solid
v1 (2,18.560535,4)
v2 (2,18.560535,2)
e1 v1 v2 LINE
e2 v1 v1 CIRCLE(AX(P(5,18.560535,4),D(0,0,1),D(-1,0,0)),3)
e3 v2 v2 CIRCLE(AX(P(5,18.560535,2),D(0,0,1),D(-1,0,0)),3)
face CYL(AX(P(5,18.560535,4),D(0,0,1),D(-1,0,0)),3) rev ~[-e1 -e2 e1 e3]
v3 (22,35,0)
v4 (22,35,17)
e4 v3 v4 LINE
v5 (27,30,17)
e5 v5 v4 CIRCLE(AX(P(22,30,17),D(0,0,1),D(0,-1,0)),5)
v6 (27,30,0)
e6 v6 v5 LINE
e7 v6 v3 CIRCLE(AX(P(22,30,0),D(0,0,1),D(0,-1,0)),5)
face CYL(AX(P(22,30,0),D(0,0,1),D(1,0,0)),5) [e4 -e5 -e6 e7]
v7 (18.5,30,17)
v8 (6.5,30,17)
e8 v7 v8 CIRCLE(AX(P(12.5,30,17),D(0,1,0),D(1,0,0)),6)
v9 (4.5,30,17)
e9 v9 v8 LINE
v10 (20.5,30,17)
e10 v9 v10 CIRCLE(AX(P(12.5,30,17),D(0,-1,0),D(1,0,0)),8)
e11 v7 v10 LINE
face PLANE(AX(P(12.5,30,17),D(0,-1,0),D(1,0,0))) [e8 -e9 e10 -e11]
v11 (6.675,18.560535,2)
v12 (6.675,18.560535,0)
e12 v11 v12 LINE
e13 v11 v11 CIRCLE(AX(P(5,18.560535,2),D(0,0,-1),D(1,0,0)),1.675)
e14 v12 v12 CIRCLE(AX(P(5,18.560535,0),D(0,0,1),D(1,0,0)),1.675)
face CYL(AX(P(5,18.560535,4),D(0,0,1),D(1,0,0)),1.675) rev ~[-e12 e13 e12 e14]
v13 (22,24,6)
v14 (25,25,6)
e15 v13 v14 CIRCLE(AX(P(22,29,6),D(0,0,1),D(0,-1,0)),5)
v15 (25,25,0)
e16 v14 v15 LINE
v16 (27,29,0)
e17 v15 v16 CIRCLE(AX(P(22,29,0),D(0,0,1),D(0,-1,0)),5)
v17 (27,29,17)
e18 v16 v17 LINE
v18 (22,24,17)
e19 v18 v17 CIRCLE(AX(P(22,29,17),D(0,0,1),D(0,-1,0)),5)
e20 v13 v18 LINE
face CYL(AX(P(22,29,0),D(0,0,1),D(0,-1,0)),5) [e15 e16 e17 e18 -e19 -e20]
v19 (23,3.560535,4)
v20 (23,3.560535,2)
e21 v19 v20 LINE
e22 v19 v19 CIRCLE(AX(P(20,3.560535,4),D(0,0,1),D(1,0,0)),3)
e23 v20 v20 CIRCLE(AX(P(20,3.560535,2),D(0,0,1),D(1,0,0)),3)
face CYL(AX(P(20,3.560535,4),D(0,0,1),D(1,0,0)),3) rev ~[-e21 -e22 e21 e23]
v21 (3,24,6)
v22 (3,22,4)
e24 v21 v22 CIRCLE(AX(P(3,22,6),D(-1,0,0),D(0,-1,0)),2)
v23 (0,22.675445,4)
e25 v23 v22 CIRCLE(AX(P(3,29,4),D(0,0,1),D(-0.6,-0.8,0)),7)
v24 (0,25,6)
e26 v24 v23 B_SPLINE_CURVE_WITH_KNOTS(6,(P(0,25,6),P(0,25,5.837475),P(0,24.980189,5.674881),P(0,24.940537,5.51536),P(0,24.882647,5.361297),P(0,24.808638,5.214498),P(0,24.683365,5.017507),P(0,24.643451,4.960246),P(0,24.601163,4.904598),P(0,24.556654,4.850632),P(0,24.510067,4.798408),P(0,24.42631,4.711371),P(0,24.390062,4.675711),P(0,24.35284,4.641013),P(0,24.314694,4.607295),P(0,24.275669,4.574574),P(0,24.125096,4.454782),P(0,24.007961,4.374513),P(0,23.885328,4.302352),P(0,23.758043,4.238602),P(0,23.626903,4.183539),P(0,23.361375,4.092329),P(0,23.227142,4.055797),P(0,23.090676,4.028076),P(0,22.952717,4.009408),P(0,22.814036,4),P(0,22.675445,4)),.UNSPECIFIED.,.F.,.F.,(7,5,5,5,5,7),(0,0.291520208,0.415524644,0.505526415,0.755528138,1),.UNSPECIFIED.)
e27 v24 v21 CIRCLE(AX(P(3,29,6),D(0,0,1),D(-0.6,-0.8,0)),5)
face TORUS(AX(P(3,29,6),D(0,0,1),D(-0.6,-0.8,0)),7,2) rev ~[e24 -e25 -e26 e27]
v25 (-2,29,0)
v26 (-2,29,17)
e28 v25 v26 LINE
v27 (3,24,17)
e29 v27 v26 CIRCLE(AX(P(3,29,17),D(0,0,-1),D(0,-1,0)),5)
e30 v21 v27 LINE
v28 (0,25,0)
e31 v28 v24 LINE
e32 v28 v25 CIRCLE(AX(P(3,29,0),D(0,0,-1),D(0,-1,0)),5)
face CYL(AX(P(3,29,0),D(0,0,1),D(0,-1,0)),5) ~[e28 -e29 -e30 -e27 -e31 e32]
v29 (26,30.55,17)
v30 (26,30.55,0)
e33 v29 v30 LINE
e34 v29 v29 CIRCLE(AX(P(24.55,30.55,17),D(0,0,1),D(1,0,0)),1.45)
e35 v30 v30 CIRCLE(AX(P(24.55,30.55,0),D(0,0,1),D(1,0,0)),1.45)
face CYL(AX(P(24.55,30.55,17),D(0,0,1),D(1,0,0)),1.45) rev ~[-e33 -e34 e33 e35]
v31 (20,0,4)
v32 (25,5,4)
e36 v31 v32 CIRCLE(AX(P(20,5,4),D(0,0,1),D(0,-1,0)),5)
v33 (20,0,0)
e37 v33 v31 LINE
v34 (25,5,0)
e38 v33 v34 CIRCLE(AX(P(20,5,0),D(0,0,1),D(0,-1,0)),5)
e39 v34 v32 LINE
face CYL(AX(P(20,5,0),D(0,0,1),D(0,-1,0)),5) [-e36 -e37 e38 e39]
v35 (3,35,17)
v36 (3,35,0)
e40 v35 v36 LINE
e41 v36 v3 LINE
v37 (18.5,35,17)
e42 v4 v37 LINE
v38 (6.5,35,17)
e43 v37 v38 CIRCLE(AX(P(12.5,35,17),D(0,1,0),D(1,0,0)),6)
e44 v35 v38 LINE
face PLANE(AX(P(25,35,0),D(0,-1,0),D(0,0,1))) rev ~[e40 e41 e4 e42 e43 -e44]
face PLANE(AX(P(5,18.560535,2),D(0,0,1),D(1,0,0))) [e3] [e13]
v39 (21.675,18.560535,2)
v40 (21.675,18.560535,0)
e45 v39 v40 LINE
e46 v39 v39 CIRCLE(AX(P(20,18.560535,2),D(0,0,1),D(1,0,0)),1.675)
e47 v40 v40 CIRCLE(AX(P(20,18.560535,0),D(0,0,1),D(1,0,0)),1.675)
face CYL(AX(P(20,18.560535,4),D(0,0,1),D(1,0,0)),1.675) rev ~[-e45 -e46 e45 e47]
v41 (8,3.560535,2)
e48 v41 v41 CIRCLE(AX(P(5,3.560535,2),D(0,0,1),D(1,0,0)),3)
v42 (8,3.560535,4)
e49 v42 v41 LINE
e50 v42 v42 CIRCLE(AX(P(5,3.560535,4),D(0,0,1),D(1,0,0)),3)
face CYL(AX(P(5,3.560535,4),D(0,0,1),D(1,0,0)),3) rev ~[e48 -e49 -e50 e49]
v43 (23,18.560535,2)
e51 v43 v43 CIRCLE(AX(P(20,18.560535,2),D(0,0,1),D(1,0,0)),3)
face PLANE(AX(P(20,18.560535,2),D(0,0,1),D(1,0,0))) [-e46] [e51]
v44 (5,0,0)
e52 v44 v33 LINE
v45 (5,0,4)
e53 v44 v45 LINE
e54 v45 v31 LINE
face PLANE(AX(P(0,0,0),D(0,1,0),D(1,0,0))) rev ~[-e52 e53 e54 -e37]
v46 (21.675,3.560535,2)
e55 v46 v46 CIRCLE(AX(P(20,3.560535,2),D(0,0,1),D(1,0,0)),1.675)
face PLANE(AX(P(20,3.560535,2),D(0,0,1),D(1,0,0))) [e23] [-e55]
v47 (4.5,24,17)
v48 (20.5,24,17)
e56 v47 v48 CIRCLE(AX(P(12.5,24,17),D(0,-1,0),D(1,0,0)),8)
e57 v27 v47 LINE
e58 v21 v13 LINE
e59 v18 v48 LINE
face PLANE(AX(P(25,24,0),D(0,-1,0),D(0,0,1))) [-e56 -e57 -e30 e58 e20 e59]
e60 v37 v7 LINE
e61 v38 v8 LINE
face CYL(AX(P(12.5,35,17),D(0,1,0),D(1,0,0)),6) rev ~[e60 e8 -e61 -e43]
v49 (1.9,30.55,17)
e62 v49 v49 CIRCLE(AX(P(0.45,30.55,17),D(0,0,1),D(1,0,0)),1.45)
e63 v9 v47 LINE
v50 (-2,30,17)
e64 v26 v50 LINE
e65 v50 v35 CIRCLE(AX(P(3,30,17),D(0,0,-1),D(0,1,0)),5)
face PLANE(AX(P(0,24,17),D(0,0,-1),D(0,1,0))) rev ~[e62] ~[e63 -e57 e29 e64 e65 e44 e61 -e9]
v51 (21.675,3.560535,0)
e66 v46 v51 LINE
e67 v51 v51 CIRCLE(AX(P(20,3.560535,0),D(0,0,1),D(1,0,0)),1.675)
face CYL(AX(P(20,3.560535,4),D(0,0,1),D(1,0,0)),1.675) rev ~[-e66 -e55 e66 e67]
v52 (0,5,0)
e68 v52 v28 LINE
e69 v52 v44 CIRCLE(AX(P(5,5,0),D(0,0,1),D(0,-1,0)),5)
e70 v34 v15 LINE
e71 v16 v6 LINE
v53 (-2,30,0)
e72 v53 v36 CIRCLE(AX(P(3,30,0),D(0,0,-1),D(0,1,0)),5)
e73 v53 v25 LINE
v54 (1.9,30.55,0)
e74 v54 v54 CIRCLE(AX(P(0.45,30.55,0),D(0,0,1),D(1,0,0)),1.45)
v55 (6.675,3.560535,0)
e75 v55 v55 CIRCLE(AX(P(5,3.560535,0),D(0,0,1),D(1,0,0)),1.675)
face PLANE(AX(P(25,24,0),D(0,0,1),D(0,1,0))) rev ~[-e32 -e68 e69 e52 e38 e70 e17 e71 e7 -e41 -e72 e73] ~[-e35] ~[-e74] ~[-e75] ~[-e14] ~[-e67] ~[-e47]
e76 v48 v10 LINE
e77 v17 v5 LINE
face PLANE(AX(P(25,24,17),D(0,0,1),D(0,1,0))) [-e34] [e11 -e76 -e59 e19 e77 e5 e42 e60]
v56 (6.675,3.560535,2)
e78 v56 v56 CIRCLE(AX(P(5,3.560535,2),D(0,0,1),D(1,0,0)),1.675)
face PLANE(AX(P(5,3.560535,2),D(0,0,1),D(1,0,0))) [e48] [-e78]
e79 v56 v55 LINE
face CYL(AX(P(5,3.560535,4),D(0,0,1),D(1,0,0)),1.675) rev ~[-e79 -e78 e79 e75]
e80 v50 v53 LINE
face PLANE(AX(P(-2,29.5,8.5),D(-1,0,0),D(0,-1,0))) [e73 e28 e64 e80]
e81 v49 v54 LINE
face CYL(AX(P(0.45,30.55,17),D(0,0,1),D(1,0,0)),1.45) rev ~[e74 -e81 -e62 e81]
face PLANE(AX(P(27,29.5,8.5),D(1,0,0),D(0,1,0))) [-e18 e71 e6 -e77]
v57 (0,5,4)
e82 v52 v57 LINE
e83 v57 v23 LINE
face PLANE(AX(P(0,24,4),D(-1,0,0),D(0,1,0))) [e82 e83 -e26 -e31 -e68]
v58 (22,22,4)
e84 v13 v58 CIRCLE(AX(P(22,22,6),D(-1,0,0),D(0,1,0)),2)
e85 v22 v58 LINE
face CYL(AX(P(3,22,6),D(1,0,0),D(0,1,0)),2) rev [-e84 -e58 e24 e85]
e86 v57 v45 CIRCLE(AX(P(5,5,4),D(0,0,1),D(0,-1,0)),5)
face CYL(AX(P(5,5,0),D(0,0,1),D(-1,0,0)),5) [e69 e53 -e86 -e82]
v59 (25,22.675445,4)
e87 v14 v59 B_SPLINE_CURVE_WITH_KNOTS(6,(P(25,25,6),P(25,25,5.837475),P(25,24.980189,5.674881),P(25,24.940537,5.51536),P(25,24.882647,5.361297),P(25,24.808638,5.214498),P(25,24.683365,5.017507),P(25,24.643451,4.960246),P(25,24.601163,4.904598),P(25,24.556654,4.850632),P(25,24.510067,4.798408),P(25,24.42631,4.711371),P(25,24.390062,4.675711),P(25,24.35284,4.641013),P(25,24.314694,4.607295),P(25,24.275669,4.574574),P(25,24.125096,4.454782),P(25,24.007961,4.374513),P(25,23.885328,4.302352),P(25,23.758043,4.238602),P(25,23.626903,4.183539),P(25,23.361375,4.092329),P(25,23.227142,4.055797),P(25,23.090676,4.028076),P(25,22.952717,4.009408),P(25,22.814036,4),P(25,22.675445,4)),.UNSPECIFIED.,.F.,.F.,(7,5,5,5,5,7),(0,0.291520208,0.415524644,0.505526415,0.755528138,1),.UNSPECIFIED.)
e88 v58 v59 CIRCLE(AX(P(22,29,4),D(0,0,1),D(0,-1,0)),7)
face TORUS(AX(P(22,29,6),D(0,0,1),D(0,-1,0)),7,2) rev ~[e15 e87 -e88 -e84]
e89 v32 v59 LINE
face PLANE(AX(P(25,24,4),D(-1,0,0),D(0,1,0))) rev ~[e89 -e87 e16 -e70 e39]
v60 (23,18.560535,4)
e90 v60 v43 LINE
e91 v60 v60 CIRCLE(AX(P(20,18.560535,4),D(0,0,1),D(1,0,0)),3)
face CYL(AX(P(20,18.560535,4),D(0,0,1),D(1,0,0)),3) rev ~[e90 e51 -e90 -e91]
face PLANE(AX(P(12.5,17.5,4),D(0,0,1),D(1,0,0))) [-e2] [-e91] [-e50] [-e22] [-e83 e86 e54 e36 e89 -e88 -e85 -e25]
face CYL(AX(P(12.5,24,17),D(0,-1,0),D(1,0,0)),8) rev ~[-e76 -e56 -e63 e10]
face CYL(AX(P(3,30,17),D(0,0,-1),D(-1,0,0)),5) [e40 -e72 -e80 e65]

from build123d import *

# Parameters (mm, degrees)
F0_W      = 25
F0_H      = 35
F1_DEPTH  = 4
F2_R      = 1.675
F3_DEPTH  = 25
F4_W      = 25
F4_H      = 11
F5_DEPTH  = 13
F7_DEPTH  = 6
F8_R      = 8
F9_DEPTH  = 6
F2_R_2    = 3
F10_DEPTH = 2
F11_R     = 5
F13_DEPTH = 2
F14_W     = 11
F14_H     = 17
F15_DEPTH = 2
F16_R     = 1.45
F17_DEPTH = 25
F18_R     = 5
F19_R     = 2


with BuildPart() as f1:
    # F0 (on Top) → F1 (new body)
    with BuildSketch(Plane.XY):
        with Locations((12.5, 17.5)):
            Rectangle(F0_W, F0_H)
    extrude(amount=F1_DEPTH)

    # F2 (on face) → F3 (cut)
    with BuildSketch(Plane.XY.offset(4)):
        with BuildLine():
            ThreePointArc((3.325, 18.5605346784), (5, 16.8855346784), (6.675, 18.5605346784))
            ThreePointArc((6.675, 18.5605346784), (5, 20.2355346784), (3.325, 18.5605346784))
        make_face()
        with Locations((20, 18.5605346784)):
            Circle(F2_R)
        with Locations((20, 3.5605346784)):
            Circle(F2_R)
        with Locations((5, 3.5605346784)):
            Circle(F2_R)
    extrude(amount=-F3_DEPTH, mode=Mode.SUBTRACT)

    # F4 (on face) → F5 (join)
    with BuildSketch(Plane.XY.offset(4)):
        with Locations((12.5, 29.5)):
            Rectangle(F4_W, F4_H)
    extrude(amount=F5_DEPTH)

    # F6 (on face) → F7 (cut)
    with BuildSketch(Plane(origin=(0, 35, 0), x_dir=(-1, 0, 0), z_dir=(0, 1, 0))):
        with BuildLine():
            ThreePointArc((-18.5, 17), (-12.5, 11), (-6.5, 17))
            Line((-6.5, 17), (-18.5, 17))
        make_face()
    extrude(amount=-F7_DEPTH, mode=Mode.SUBTRACT)

    # F8 (on face) → F9 (cut)
    with BuildSketch(Plane.XZ.offset(-24)):
        with Locations((12.5, 17)):
            Circle(F8_R)
    extrude(amount=-F9_DEPTH, mode=Mode.SUBTRACT)

    # F2 (on face) → F10 (cut)
    with BuildSketch(Plane.XY.offset(4)):
        with BuildLine():
            ThreePointArc((8, 18.5605346784), (5, 21.5605346784), (2, 18.5605346784))
            ThreePointArc((2, 18.5605346784), (5, 15.5605346784), (8, 18.5605346784))
        make_face()
        with BuildLine():
            ThreePointArc((3.325, 18.5605346784), (5, 20.2355346784), (6.675, 18.5605346784))
            ThreePointArc((6.675, 18.5605346784), (5, 16.8855346784), (3.325, 18.5605346784))
        make_face(mode=Mode.SUBTRACT)
        with Locations((20, 18.5605346784)):
            Circle(F2_R_2)
        with Locations((20, 18.5605346784)):
            Circle(F2_R, mode=Mode.SUBTRACT)
        with Locations((20, 3.5605346784)):
            Circle(F2_R_2)
        with Locations((20, 3.5605346784)):
            Circle(F2_R, mode=Mode.SUBTRACT)
        with Locations((5, 3.5605346784)):
            Circle(F2_R_2)
        with Locations((5, 3.5605346784)):
            Circle(F2_R, mode=Mode.SUBTRACT)
    extrude(amount=-F10_DEPTH, mode=Mode.SUBTRACT)

    # F11
    f11_edges = [f1.edges().sort_by_distance(p)[0] for p in [
        (0, 0, 2),
        (25, 0, 2),
    ]]
    fillet(f11_edges, radius=F11_R)

    # F12 (on face) → F13 (join)
    with BuildSketch(Plane(origin=(0, 0, 0), x_dir=(0, -1, 0), z_dir=(-1, 0, 0))):
        Polygon((-35, 17), (-35, 0), (-24, 0), (-24, 4), (-24, 17), align=None)
    extrude(amount=F13_DEPTH)

    # F14 (on face) → F15 (join)
    with BuildSketch(Plane.YZ.offset(25)):
        with Locations((29.5, 8.5)):
            Rectangle(F14_W, F14_H)
    extrude(amount=F15_DEPTH)

    # F16 (on face) → F17 (cut)
    with BuildSketch(Plane.XY.offset(17)):
        with Locations((0.45, 30.55)):
            Circle(F16_R)
        with Locations((24.55, 30.55)):
            Circle(F16_R)
    extrude(amount=-F17_DEPTH, mode=Mode.SUBTRACT)

    # F18
    f18_edges = [f1.edges().sort_by_distance(p)[0] for p in [
        (-2, 24, 8.5),
        (-2, 35, 8.5),
        (27, 35, 8.5),
        (27, 24, 8.5),
    ]]
    fillet(f18_edges, radius=F18_R)

    # F19
    f19_edges = [f1.edges().sort_by_distance(p)[0] for p in [
        (12.5, 24, 4),
        (23.581139, 24.256584, 4),
        (1.418861, 24.256584, 4),
    ]]
    fillet(f19_edges, radius=F19_R)


solid = f1.part
